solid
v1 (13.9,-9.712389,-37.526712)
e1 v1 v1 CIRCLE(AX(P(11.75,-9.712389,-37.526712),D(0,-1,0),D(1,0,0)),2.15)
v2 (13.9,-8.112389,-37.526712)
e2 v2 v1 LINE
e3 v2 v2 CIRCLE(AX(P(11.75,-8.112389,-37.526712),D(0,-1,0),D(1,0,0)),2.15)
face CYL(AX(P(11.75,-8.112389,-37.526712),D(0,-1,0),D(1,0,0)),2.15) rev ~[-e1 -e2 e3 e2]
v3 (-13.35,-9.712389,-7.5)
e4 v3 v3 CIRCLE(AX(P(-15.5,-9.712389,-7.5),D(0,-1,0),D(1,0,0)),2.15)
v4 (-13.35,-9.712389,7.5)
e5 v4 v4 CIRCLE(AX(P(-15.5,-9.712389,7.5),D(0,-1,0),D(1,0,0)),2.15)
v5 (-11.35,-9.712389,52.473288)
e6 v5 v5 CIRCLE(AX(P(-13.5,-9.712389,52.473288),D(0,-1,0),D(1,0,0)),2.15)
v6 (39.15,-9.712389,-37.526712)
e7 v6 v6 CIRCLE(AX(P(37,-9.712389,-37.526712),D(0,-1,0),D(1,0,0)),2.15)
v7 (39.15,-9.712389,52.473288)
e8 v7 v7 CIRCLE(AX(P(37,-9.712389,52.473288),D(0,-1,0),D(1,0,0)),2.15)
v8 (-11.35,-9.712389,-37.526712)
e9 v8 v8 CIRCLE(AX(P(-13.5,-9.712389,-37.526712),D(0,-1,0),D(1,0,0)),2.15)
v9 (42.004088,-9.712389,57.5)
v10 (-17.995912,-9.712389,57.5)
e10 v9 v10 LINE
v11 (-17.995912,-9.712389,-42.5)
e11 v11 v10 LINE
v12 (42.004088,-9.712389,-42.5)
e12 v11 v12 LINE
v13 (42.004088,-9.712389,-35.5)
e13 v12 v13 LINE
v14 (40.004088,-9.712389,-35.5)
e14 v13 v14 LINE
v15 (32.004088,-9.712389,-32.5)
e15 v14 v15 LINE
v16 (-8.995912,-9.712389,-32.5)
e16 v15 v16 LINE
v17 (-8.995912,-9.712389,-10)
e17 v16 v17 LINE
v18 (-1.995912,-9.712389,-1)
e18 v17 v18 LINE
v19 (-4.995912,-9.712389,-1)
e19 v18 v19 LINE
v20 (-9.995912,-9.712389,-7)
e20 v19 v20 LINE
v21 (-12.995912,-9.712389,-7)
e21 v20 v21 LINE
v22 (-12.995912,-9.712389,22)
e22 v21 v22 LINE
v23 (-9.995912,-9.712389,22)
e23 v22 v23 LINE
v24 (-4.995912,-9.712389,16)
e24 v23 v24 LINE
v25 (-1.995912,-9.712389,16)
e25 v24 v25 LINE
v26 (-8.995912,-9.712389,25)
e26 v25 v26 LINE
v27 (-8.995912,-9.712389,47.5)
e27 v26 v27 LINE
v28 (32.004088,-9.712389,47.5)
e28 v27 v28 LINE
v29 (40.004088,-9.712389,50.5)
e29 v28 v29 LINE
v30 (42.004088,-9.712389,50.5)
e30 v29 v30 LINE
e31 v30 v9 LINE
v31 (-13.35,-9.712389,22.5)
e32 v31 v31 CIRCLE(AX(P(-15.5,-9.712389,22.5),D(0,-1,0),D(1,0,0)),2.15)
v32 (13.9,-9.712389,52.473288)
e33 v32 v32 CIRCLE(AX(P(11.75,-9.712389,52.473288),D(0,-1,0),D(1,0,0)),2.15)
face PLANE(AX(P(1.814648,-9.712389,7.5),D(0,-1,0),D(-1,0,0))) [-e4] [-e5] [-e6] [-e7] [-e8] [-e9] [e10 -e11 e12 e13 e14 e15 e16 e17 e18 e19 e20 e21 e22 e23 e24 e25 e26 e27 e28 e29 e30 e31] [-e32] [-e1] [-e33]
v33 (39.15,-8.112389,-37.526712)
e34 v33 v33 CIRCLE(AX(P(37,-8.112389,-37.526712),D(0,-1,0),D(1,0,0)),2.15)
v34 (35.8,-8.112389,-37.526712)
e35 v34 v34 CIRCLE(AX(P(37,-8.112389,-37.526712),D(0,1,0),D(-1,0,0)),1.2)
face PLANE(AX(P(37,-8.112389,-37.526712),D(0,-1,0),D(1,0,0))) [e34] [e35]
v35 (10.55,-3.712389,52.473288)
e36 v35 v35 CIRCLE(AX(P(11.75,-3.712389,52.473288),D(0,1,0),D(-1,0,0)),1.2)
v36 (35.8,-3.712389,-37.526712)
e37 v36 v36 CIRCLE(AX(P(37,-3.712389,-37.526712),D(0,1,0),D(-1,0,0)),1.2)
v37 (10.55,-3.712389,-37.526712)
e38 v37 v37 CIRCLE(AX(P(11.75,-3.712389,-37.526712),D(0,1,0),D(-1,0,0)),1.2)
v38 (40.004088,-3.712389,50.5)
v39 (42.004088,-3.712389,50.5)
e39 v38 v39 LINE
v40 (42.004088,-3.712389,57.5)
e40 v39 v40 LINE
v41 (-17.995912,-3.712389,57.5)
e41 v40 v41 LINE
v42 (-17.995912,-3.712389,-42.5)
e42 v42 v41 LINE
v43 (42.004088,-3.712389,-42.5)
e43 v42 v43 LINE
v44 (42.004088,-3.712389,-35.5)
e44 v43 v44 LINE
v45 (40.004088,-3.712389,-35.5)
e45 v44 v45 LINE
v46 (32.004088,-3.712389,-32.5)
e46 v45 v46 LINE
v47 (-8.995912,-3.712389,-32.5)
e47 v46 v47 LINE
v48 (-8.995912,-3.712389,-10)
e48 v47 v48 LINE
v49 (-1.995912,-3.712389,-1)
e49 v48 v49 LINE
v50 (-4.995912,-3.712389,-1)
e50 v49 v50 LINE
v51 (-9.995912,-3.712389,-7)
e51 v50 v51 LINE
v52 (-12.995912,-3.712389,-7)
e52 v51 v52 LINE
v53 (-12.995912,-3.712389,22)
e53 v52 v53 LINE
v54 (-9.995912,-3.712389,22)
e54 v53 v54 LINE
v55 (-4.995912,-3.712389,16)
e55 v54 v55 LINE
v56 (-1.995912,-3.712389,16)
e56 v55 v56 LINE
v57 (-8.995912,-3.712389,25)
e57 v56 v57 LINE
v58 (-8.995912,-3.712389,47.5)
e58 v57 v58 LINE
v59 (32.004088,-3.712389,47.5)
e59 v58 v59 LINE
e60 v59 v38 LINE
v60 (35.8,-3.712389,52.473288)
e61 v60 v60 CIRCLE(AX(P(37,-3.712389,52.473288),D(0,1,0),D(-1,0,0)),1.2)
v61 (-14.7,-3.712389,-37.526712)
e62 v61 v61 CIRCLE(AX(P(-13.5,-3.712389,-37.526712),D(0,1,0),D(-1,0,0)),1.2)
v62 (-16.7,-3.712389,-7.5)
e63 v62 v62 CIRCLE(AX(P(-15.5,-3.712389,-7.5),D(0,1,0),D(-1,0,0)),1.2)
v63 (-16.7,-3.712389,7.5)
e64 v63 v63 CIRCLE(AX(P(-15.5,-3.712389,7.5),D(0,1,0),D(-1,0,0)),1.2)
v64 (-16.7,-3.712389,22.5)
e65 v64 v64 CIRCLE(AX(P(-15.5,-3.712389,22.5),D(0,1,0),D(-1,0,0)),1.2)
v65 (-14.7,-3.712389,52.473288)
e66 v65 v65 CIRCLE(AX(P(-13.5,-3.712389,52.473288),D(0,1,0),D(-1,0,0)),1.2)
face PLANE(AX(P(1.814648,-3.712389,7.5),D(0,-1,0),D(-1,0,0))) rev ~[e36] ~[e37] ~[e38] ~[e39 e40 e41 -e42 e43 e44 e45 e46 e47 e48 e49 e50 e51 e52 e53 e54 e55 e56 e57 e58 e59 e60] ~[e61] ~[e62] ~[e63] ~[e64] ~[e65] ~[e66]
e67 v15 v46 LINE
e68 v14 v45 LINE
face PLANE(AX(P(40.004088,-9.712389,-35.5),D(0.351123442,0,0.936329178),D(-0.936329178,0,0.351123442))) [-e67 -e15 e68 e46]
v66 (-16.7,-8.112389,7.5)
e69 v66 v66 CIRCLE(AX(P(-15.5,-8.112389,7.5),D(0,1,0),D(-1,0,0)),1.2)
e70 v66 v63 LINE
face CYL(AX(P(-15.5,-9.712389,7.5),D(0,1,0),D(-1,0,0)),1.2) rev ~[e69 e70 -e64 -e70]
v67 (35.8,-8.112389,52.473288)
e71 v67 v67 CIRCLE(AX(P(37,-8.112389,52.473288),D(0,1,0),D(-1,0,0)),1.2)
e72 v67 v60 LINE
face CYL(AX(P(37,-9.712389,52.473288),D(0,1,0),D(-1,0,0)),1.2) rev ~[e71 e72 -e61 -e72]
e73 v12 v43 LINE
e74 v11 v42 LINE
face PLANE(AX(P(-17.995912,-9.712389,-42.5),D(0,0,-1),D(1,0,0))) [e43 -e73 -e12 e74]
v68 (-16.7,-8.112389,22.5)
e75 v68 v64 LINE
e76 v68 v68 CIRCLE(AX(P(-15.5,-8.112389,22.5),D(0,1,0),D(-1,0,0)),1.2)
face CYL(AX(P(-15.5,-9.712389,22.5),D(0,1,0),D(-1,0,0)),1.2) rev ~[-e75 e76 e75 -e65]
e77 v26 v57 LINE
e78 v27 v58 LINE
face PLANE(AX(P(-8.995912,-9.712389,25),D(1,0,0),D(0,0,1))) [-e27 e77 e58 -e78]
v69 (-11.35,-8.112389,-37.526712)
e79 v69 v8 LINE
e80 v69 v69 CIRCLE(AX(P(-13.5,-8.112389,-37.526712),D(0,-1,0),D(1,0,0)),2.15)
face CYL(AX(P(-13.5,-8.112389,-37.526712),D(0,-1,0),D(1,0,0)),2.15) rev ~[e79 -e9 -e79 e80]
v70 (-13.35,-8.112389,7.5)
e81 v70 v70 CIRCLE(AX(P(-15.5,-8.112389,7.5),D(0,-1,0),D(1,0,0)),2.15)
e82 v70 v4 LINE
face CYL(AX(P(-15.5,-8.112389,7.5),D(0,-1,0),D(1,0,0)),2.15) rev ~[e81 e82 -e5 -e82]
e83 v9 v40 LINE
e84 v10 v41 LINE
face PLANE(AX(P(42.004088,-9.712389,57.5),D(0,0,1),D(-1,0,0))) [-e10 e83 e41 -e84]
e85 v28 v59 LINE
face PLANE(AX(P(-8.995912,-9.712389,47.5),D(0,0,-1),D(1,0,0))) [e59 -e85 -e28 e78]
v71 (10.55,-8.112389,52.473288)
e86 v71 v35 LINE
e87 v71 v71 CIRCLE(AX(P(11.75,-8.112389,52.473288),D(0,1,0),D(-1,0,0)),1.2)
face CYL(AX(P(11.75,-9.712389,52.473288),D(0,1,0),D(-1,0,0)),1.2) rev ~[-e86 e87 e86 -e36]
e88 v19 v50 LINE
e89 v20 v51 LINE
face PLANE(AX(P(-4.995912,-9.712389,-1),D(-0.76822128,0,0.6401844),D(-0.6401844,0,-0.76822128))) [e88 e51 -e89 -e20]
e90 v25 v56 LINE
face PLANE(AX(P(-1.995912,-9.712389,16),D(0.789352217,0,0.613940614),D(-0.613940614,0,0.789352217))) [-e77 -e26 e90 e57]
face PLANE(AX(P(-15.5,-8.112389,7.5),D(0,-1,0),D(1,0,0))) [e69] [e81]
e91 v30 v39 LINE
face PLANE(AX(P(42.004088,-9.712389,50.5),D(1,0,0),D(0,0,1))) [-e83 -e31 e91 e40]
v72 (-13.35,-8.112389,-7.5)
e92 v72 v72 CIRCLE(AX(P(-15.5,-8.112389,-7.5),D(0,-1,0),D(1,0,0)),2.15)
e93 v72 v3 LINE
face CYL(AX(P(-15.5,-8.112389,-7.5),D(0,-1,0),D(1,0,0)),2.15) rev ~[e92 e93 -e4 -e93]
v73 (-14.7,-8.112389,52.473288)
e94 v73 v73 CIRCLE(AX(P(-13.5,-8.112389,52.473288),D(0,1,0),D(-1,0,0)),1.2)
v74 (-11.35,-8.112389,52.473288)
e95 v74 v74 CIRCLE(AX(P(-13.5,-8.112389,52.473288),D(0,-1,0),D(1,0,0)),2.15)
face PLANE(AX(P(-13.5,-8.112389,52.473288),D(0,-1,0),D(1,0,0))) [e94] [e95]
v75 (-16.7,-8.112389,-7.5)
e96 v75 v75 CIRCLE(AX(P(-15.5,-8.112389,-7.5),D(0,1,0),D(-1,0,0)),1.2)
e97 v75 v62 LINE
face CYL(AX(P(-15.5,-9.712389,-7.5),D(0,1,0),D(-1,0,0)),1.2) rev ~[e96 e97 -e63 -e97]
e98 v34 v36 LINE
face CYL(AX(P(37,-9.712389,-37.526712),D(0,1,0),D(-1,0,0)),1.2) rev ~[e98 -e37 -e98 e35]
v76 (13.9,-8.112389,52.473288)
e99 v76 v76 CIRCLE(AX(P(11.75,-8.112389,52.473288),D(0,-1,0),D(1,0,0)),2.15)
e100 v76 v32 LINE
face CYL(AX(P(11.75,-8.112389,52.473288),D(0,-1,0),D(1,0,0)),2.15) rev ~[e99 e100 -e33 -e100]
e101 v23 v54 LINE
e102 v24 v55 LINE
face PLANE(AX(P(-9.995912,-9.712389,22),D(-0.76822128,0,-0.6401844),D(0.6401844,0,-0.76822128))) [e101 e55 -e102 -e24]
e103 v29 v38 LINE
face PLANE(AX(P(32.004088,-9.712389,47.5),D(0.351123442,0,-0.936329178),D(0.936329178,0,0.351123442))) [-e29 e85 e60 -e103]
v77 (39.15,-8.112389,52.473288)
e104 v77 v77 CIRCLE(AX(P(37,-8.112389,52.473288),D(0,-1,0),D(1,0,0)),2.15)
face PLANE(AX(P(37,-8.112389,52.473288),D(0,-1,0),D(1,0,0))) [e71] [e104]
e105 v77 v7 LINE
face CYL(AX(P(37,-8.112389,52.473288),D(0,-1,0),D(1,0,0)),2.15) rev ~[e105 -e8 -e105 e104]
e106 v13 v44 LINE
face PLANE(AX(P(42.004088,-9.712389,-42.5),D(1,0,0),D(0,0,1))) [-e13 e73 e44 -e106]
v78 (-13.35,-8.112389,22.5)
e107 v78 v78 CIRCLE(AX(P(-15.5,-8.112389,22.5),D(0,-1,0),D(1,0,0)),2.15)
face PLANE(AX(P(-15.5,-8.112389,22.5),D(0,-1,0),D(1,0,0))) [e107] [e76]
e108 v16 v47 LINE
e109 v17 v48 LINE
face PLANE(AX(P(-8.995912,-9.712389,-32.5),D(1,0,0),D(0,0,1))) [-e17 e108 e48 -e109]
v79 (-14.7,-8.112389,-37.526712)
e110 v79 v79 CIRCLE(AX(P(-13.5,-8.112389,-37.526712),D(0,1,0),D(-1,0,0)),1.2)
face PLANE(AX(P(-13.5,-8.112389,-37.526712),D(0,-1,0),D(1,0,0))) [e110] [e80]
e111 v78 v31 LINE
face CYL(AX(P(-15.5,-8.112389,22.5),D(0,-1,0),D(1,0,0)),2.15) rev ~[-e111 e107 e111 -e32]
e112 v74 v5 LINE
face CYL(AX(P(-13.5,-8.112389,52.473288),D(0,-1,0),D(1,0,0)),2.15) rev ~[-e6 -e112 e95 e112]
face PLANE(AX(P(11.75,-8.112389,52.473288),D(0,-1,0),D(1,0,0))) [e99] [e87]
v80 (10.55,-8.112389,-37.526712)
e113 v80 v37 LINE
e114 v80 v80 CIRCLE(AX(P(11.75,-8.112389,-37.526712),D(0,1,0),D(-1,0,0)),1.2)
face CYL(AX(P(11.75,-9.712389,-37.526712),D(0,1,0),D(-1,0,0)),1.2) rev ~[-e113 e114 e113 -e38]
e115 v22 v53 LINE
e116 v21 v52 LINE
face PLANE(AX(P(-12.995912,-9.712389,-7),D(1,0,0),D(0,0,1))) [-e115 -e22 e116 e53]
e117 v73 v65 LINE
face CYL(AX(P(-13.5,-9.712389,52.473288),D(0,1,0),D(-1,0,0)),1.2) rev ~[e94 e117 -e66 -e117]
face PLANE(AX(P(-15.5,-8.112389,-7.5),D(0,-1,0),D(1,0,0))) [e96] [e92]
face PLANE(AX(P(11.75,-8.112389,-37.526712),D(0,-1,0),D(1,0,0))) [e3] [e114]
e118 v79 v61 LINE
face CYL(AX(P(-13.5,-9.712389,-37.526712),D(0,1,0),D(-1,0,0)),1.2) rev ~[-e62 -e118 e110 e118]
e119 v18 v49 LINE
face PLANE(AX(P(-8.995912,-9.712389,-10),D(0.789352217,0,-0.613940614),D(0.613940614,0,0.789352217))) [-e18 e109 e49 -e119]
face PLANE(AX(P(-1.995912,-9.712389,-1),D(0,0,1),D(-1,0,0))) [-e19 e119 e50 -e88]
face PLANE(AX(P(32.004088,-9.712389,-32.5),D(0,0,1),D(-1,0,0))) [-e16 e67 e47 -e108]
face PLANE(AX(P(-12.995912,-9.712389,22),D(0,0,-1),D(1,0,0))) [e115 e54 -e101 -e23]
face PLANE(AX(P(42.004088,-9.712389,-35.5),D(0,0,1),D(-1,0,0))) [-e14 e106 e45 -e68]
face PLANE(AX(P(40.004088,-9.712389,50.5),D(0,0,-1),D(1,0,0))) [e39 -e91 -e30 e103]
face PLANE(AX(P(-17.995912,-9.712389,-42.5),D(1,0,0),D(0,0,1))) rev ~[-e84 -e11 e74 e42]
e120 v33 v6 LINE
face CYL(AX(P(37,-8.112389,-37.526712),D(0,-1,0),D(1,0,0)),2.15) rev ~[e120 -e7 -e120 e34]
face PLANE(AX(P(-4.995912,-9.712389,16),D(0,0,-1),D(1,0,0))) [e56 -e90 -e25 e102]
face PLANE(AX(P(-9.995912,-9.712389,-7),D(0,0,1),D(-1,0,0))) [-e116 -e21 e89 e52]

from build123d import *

# Parameters (mm, degrees)
PAD_DEPTH           = 6
HOLE_D              = 2.4
HOLE_CBORE_D        = 4.3
HOLE_CBORE_DEPTH    = 1.6
HOLE001_D           = 2.4
HOLE001_CBORE_D     = 4.3
HOLE001_CBORE_DEPTH = 1.6


with BuildPart() as part:
    # Sketch001 → Pad (new body)
    with BuildSketch(Plane(origin=(-8.845912, -9.712389, 7.5), x_dir=(1, 0, 0), z_dir=(0, 1, 0))):
        Polygon((3.85, 8.5), (-1.15, 14.5), (-4.15, 14.5), (-4.15, -14.5), (-1.15, -14.5), (3.85, -8.5), (6.85, -8.5), (-0.15, -17.5), (-0.15, -40), (40.85, -40), (48.85, -43), (50.85, -43), (50.85, -50), (-9.15, -50), (-9.15, -17.5), (-9.15, 17.5), (-9.15, 50), (50.85, 50), (50.85, 43), (48.85, 43), (40.85, 40), (-0.15, 40), (-0.15, 17.5), (6.85, 8.5), align=None)
    extrude(amount=PAD_DEPTH)

    # Hole (through all)
    with Locations(Plane(origin=(-8.845912, -9.712389, 7.5), x_dir=(1, 0, 0), z_dir=(0, -1, 0))):
        with Locations((-6.654088, 0), (-6.654088, 15), (-6.654088, -15)):
            CounterBoreHole(HOLE_D / 2, HOLE_CBORE_D / 2, HOLE_CBORE_DEPTH)

    # Hole001 (through all)
    with Locations(Plane(origin=(-8.845912, -9.712389, 7.5), x_dir=(1, 0, 0), z_dir=(0, -1, 0))):
        with Locations((20.595912, 44.973288), (20.595912, -45.026712), (-4.654088, -45.026712), (45.845912, -45.026712), (-4.654088, 44.973288), (45.845912, 44.973288)):
            CounterBoreHole(HOLE001_D / 2, HOLE001_CBORE_D / 2, HOLE001_CBORE_DEPTH)


solid = part.part
